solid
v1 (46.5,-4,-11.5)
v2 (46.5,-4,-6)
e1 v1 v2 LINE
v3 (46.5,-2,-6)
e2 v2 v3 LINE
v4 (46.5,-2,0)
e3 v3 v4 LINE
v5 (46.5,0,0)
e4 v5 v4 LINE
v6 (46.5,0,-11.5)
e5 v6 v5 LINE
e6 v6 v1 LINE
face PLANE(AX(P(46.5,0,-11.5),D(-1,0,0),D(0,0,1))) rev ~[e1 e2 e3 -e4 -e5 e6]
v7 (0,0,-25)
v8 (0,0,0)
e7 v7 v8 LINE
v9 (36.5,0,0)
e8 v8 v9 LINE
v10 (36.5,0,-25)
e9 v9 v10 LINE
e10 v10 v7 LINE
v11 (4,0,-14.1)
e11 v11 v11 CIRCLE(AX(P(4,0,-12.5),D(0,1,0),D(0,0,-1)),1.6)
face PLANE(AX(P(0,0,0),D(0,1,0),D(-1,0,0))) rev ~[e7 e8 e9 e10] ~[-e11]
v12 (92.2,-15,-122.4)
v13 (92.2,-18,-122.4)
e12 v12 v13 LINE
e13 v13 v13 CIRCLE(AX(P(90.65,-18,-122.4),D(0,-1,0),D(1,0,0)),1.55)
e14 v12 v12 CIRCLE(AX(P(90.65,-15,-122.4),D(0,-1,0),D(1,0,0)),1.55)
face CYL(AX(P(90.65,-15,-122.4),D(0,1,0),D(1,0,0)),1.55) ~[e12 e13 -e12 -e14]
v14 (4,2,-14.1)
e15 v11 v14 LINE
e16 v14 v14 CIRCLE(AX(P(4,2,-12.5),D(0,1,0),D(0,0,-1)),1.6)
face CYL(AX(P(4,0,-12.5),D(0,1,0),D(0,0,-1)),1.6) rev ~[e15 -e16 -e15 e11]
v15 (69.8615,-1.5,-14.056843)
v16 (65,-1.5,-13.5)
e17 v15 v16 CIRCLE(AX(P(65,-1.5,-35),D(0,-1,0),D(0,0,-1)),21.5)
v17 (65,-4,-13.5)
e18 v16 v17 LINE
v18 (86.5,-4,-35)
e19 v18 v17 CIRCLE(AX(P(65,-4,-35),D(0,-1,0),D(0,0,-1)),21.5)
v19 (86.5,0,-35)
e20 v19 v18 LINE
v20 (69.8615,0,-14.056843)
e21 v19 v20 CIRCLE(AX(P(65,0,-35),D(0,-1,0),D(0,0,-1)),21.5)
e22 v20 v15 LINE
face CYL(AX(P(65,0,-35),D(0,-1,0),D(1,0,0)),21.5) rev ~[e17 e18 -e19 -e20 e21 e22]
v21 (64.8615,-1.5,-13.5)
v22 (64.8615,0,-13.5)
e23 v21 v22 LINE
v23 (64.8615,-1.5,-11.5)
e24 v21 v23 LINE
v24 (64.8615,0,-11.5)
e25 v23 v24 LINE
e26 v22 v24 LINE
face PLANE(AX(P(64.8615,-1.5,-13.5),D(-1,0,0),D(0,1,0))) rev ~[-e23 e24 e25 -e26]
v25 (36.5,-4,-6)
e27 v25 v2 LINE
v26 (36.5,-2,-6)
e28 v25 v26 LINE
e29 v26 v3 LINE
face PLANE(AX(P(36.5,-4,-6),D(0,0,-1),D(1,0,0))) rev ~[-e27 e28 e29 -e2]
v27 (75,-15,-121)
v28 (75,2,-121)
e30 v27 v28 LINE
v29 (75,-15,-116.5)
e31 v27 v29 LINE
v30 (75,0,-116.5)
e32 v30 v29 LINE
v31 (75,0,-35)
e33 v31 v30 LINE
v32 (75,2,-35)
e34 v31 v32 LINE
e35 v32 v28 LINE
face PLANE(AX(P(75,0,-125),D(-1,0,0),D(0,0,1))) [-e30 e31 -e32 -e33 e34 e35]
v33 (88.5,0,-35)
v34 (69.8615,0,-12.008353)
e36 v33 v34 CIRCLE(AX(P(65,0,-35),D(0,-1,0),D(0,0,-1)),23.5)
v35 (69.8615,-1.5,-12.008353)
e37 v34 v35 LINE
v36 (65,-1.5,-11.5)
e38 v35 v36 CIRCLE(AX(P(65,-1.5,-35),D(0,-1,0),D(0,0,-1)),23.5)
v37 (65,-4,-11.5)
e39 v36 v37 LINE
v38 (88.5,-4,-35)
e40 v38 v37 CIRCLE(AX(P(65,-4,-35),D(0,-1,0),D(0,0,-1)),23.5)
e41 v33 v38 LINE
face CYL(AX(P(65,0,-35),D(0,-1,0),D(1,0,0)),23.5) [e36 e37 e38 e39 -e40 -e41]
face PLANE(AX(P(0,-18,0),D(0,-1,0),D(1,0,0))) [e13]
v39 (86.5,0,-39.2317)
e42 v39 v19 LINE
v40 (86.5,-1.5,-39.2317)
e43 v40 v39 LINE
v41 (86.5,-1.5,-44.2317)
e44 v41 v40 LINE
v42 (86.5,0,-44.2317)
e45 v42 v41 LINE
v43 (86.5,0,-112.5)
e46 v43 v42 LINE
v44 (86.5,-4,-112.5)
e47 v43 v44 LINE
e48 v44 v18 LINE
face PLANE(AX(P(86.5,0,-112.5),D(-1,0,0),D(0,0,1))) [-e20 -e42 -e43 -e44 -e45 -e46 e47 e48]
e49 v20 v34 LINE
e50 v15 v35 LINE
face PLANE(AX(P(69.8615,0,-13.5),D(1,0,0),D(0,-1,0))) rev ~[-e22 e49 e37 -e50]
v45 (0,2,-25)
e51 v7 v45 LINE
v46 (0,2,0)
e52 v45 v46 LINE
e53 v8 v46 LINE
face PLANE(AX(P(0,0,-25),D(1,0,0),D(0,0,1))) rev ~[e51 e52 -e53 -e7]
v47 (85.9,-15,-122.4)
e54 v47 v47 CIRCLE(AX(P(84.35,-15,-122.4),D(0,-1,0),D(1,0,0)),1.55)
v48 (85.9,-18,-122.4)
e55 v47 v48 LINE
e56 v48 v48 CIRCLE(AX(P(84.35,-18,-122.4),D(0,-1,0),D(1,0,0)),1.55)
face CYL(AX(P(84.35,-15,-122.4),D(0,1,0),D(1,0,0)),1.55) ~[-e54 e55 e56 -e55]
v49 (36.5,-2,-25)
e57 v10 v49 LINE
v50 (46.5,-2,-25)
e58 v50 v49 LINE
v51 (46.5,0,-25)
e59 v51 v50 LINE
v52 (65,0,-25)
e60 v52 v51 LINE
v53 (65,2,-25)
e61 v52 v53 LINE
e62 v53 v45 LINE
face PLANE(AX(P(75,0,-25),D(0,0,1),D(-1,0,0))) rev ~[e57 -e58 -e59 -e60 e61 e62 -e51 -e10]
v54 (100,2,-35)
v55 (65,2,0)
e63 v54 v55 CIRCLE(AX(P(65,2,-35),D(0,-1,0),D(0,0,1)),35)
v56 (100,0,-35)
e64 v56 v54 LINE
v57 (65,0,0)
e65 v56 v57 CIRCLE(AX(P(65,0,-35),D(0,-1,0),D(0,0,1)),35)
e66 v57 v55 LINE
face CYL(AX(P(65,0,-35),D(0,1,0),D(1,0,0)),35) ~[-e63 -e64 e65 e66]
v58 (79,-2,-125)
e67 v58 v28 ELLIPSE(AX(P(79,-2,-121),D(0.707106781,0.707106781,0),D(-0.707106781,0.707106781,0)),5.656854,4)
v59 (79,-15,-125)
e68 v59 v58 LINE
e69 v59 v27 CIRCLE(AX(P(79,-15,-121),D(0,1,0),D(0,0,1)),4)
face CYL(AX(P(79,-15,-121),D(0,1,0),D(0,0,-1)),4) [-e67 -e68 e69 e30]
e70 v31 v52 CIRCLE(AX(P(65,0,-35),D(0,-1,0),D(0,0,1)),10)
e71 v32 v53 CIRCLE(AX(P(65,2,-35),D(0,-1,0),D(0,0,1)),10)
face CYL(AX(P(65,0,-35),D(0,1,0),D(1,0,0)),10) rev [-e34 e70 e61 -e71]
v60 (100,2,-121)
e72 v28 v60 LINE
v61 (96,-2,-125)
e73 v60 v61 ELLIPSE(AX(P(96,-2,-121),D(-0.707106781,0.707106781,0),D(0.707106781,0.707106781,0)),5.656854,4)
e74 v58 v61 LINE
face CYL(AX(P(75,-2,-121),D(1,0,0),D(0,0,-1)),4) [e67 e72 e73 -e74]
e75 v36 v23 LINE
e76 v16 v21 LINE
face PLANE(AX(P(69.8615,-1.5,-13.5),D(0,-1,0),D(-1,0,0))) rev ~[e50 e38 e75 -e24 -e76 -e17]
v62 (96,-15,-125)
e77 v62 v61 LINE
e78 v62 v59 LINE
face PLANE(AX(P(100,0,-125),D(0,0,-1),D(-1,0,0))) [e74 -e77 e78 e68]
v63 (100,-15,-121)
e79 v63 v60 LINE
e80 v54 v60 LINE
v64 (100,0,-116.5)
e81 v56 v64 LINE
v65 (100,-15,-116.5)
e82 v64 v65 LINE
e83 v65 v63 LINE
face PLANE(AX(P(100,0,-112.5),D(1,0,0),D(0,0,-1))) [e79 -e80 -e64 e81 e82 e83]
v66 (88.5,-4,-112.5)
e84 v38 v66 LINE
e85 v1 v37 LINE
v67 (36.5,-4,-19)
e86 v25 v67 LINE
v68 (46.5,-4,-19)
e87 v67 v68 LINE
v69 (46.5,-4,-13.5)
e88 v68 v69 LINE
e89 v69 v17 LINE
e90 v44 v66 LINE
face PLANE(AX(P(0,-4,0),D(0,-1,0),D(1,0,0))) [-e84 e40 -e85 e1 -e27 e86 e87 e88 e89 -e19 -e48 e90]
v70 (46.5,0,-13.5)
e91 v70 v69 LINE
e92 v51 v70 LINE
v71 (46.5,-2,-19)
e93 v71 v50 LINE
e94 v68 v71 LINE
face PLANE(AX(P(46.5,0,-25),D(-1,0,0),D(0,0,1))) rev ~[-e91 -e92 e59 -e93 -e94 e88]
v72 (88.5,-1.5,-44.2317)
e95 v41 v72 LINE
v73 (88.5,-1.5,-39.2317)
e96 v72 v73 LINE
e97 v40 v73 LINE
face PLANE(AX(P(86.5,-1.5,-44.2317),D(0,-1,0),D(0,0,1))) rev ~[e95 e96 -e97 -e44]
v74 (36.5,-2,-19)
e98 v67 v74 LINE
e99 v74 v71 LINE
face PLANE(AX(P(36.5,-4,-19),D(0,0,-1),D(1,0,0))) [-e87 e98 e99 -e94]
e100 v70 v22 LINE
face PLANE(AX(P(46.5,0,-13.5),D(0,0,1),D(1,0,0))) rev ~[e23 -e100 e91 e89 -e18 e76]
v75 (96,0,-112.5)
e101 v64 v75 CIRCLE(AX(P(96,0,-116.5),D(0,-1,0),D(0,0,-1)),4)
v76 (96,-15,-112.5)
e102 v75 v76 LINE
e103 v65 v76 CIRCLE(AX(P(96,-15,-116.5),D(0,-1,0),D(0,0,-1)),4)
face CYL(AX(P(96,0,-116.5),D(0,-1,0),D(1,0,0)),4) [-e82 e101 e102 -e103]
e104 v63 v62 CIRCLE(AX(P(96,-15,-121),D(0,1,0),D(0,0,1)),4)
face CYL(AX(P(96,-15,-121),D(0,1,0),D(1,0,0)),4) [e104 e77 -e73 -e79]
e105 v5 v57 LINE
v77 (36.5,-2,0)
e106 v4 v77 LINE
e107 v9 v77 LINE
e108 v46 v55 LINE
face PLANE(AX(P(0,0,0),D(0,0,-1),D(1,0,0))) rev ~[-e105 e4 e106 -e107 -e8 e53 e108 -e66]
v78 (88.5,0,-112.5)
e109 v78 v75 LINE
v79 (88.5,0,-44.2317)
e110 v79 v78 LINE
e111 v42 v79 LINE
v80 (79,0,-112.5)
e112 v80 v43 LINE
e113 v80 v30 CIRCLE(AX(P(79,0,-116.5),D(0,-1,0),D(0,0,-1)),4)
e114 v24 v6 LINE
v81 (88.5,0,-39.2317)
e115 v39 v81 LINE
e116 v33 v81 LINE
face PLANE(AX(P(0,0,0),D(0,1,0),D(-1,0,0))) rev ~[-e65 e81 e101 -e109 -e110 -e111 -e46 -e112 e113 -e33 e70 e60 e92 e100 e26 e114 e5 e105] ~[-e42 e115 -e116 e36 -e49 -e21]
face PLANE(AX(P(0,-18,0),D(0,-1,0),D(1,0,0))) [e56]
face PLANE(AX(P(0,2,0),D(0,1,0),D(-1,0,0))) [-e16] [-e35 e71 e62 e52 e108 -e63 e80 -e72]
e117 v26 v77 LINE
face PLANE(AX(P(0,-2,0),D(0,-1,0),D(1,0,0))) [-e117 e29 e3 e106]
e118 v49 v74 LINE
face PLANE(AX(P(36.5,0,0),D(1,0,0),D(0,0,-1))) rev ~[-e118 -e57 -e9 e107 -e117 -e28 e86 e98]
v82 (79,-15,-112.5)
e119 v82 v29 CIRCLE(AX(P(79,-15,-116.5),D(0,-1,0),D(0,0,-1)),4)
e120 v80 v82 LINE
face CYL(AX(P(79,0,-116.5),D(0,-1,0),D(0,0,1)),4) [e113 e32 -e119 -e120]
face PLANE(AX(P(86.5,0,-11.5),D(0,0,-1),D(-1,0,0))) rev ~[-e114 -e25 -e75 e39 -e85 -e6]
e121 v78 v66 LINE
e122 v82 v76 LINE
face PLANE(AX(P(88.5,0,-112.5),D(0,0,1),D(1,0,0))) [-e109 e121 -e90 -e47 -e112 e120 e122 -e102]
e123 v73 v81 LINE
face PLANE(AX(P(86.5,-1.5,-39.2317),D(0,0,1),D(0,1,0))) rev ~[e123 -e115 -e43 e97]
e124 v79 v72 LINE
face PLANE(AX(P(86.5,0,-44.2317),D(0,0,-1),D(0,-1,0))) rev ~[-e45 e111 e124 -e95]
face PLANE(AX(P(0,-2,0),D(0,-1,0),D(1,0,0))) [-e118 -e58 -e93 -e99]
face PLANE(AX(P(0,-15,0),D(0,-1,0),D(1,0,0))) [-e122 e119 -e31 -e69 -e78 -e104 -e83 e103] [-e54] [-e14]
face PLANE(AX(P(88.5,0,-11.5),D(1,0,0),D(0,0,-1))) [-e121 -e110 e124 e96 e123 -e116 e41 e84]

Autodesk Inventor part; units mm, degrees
ref_plane "YZ Plane" through (0, 0, 0) normal (1, 0, 0) x (0, 1, 0)
ref_plane "XZ Plane" through (0, 0, 0) normal (0, 1, 0) x (-1, 0, 0)
ref_plane "XY Plane" through (0, 0, 0) normal (0, 0, 1) x (1, 0, 0)
sketch "Sketch1" plane through (0, 0, 0) normal (0, 1, 0) x (-1, 0, 0)
  line L0 (0, 0) -> (-100, 0)
  line L1 (-100, 0) -> (-100, -25)
  line L2 (-100, -25) -> (0, -25)
  line L3 (0, -25) -> (0, 0)
  line L4 (-100, -25) -> (-75, -25)
  line L5 (-75, -25) -> (-75, -125)
  line L6 (-75, -125) -> (-100, -125)
  line L7 (-100, -125) -> (-100, -25)
  dimension "d0" = 100
  dimension "d1" = 25
  dimension "d2" = 25
  dimension "d3" = 100
extrude "Extrusion1" add sketch "Sketch1" along normal blind 2
sketch "Sketch2" plane through (0, 0, 0) normal (0, -1, 0) x (1, 0, 0)
  line L0 (100, 0) -> (100, -125) projected
  line L1 (75, -125) -> (75, -25) projected
  line L2 (100, -125) -> (75, -125)
  line L3 (75, -125) -> (75, -112.5)
  line L4 (75, -112.5) -> (100, -112.5)
  line L5 (100, -112.5) -> (100, -125)
  line L6 (88.5, -112.5) -> (86.5, -112.5)
  line L7 (86.5, -112.5) -> (86.5, -11.5)
  line L8 (86.5, -11.5) -> (88.5, -11.5)
  line L9 (88.5, -11.5) -> (88.5, -112.5)
  line L10 (86.5, -11.5) -> (46.5, -11.5)
  line L11 (46.5, -11.5) -> (46.5, -13.5)
  line L12 (46.5, -13.5) -> (86.5, -13.5)
  line L13 (86.5, -13.5) -> (86.5, -11.5)
  line L14 (0, 0) -> (100, 0) projected
  line L15 (75, -25) -> (0, -25) projected
  line L16 (46.5, 0) -> (36.5, 0)
  line L17 (36.5, 0) -> (36.5, -25)
  line L18 (36.5, -25) -> (46.5, -25)
  line L19 (46.5, -25) -> (46.5, 0)
  dimension "d6" = 12.5
  dimension "d7" = 101
  dimension "d8" = 2
  dimension "d9" = 11.5
  dimension "d10" = 40
  dimension "d11" = 2
  dimension "d12" = 10
extrude "Extrusion2" add sketch "Sketch2" along normal blind 4 contours L19 L11 L15 L17 L14 | L4 L7 L8 L9 | L10 L7 L12 L11
extrude "Extrusion3" add sketch "Sketch2" along normal blind 15 contours L0 L2 L1 L4
sketch "Sketch3" plane through (0, -15, 0) normal (0, -1, 0) x (1, 0, 0)
  circle A0 centre (90.65, -122.4) radius 1.55
  circle A1 centre (84.35, -122.4) radius 1.55
  line L0 (75, -125) -> (100, -125) projected
  line L1 (75, -112.5) -> (75, -125) projected
  point P0 (0, 0)
  dimension "d17" = 3.1
  dimension "d18" = 3.1
  dimension "d19" = 2.6
  dimension "d20" = 2.6
  dimension "d21" = 6.3
  dimension "d22" = 9.35
extrude "Extrusion4" add sketch "Sketch3" along normal blind 3
sketch "Sketch4" plane through (0, -4, 0) normal (0, -1, 0) x (1, 0, 0)
  line L0 (46.5, -11.5) -> (46.5, 0) projected
  line L1 (36.5, -25) -> (36.5, 0) projected
  line L2 (46.5, 0) -> (36.5, 0)
  line L3 (36.5, 0) -> (36.5, -6)
  line L4 (36.5, -6) -> (46.5, -6)
  line L5 (46.5, -6) -> (46.5, 0)
  line L6 (46.5, -13.5) -> (46.5, -25) projected
  line L7 (46.5, -25) -> (36.5, -25)
  line L8 (36.5, -25) -> (36.5, -19)
  line L9 (36.5, -19) -> (46.5, -19)
  line L10 (46.5, -19) -> (46.5, -25)
  point P0 (0, 0)
  point P1 (41.5, 0)
  dimension "d25" = 6
  dimension "d26" = 6
extrude "Extrusion5" cut sketch "Sketch4" against normal blind 2
sketch "Sketch5" plane through (86.5, -4, -13.5) normal (-1, 0, 0) x (0, 0, 1)
  line L0 (-99, 4) -> (-11.5, 4) projected
  line L1 (-25.7317, 4) -> (-30.7317, 4)
  line L2 (-30.7317, 4) -> (-30.7317, 2.5)
  line L3 (-30.7317, 2.5) -> (-25.7317, 2.5)
  line L4 (-25.7317, 2.5) -> (-25.7317, 4)
  point P0 (13.5, 4)
  dimension "d29" = 5
  dimension "d30" = 1.5
extrude "Extrusion6" cut sketch "Sketch5" against normal blind 2
sketch "Sketch6" plane through (86.5, 0, -13.5) normal (0, 0, -1) x (-1, 0, 0)
  line L0 (11.5, 0) -> (40, 0) projected
  line L1 (21.6385, 0) -> (16.6385, 0)
  line L2 (16.6385, 0) -> (16.6385, -1.5)
  line L3 (16.6385, -1.5) -> (21.6385, -1.5)
  line L4 (21.6385, -1.5) -> (21.6385, 0)
  point P0 (86.5, 0)
  point P1 (16.6385, 0)
  dimension "d33" = 5
  dimension "d34" = 1.5
extrude "Extrusion7" cut sketch "Sketch6" against normal blind 2
fillet "Fillet1" radius 4 5 edges at (100, -6.5, -125) (100, -7.5, -112.5) (75, -6.5, -125) (75, -7.5, -112.5) (87.5, 2, -125)
fillet "Fillet2" radius 35 1 edges at (100, 1, 0)
fillet "Fillet2" radius 10 1 edges at (75, 1, -25)
fillet "Fillet2" radius 23.5 1 edges at (88.5, -2, -11.5)
fillet "Fillet2" radius 21.5 1 edges at (86.5, -2, -13.5)
sketch "Sketch7" plane through (0, 0, 0) normal (0, -1, 0) x (1, 0, 0)
  line L0 (0, -25) -> (0, 0) projected
  line L1 (36.5, -25) -> (0, -25) projected
  point P0 (4, -12.5)
  dimension "d42" = 4
  dimension "d43" = 12.5
hole "Hole1" at (4, 0, -12.5) direction (0, 1, 0) diameter 3.2 end through all
equation "\"d20\" = d19"
properties part number "mlx_holder"
